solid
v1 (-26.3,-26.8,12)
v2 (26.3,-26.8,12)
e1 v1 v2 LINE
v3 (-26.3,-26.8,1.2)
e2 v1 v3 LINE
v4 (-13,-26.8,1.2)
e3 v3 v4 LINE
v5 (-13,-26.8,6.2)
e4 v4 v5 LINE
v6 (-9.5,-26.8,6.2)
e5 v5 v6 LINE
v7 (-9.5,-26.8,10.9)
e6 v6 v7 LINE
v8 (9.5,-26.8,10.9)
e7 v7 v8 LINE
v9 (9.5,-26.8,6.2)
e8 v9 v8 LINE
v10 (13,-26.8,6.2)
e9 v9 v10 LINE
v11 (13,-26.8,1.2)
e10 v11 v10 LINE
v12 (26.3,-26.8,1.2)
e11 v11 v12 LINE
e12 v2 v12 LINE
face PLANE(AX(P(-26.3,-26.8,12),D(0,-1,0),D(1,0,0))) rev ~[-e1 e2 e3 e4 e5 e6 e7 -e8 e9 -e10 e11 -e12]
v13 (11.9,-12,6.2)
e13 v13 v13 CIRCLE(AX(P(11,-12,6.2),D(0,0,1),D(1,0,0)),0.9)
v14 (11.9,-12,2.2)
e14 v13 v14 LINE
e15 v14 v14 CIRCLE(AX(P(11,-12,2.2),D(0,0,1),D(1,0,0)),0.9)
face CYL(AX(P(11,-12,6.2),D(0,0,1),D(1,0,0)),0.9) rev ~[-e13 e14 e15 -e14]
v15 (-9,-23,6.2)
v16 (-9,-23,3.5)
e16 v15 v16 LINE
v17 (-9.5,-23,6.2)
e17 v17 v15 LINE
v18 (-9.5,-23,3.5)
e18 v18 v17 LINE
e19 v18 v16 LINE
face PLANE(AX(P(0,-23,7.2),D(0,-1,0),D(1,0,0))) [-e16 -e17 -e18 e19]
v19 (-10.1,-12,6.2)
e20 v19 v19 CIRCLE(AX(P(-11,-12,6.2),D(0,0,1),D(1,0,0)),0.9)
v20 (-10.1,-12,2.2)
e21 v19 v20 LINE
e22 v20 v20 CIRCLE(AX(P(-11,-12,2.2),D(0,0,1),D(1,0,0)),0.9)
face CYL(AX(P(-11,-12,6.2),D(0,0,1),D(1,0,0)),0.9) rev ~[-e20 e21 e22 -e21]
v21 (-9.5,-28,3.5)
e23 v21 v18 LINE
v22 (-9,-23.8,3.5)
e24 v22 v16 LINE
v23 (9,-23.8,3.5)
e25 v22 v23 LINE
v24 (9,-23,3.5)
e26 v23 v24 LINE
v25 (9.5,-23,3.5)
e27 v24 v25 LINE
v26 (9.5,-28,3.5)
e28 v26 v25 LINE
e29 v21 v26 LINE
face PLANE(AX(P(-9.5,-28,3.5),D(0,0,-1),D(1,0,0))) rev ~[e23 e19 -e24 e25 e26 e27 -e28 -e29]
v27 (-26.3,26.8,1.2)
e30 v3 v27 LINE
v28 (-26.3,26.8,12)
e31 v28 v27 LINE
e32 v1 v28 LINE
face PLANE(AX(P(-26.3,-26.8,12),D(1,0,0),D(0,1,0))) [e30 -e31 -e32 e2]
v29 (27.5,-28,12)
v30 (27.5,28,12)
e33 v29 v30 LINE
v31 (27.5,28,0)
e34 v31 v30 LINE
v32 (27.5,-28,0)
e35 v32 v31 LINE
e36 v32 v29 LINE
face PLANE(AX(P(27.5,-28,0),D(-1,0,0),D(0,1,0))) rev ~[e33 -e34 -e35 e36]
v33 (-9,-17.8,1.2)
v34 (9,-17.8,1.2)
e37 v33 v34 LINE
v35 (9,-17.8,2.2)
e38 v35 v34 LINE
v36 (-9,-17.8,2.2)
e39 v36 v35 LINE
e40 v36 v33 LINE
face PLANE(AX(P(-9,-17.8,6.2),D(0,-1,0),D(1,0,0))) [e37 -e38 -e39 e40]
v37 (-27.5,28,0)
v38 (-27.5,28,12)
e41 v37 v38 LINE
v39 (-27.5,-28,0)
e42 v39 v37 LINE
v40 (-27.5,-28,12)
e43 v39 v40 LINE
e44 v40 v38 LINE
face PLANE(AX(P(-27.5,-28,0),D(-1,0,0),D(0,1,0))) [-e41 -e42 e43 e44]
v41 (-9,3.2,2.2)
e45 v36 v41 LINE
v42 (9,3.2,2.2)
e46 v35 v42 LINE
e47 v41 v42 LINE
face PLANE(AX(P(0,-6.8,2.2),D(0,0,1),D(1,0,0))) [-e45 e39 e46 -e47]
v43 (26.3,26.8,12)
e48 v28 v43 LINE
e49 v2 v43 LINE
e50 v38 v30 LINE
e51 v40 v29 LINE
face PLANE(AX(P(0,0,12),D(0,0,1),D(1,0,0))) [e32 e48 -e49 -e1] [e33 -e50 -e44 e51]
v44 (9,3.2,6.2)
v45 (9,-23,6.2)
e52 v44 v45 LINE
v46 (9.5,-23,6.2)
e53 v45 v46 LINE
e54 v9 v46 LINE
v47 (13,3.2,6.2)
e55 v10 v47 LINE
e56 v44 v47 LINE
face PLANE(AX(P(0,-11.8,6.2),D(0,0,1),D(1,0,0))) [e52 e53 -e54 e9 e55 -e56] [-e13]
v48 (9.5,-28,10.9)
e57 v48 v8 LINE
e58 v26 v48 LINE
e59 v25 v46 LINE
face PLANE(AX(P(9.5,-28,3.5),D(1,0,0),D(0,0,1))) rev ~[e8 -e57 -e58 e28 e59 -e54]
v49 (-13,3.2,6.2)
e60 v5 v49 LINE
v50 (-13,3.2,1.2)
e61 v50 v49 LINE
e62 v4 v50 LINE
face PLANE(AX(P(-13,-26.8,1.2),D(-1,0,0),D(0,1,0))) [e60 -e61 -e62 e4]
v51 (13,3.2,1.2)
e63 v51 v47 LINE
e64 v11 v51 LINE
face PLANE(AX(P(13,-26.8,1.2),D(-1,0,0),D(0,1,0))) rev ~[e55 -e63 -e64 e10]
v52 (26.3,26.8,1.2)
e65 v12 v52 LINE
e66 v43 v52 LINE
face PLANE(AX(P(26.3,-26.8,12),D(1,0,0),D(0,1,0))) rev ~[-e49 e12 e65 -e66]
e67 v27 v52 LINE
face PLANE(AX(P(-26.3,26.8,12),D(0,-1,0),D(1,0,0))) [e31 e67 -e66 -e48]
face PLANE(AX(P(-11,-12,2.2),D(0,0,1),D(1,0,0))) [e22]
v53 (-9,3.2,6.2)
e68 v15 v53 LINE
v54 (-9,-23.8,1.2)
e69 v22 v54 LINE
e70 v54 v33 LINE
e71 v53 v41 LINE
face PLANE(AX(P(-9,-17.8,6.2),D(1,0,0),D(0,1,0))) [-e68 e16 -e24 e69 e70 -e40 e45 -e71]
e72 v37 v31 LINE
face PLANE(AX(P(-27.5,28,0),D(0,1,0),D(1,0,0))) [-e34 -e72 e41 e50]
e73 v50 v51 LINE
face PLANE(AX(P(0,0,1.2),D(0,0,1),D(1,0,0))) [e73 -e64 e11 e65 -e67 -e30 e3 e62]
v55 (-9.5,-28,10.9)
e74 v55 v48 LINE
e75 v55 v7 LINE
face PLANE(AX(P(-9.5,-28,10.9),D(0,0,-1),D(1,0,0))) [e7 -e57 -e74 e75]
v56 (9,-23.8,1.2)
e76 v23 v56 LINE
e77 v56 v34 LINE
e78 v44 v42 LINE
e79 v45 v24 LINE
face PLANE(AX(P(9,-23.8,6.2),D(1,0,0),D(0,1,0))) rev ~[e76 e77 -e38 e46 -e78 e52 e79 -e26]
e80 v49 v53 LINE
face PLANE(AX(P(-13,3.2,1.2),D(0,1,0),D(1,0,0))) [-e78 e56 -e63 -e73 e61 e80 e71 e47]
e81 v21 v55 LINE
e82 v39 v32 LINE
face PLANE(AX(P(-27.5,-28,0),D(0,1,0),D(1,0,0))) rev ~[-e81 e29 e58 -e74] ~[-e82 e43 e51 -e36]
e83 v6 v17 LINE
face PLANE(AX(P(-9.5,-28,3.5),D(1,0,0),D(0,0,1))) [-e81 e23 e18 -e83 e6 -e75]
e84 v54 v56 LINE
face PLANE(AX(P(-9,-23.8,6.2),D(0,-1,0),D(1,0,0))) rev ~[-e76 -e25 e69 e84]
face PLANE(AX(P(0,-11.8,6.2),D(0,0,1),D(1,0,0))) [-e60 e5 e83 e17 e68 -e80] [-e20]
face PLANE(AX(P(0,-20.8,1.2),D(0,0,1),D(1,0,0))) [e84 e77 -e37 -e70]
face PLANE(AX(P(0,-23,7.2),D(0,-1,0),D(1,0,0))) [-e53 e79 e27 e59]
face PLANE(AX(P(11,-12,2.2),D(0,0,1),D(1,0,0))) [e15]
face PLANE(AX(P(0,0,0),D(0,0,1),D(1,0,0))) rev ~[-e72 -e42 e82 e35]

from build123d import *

# Parameters (mm, degrees)
SKETCH_W        = 55
SKETCH_H        = 56
PAD_DEPTH       = 12
SKETCH012_W     = 52.6
SKETCH012_H     = 53.6
POCKET_DEPTH    = 10.8
SKETCH013_W     = 26
SKETCH013_H     = 30
PAD010_DEPTH    = 5
SKETCH014_W     = 18
SKETCH014_H     = 6
POCKET001_DEPTH = 5
SKETCH015_W     = 18
SKETCH015_H     = 22
POCKET002_DEPTH = 4
SKETCH016_W     = 19
SKETCH016_H     = 7.4
POCKET003_DEPTH = 5
SKETCH017_R     = 0.9
POCKET004_DEPTH = 4


with BuildPart() as part:
    # Sketch → Pad (new body)
    with BuildSketch(Plane.XY):
        Rectangle(SKETCH_W, SKETCH_H)
    extrude(amount=PAD_DEPTH)

    # Sketch012 (on Face6 of Pad) → Pocket (cut)
    with BuildSketch(Plane.XY.offset(12)):
        Rectangle(SKETCH012_W, SKETCH012_H)
    extrude(amount=-POCKET_DEPTH, mode=Mode.SUBTRACT)

    # Sketch013 (on Face11 of Pocket) → Pad010 (join)
    with BuildSketch(Plane.XY.offset(1.2)):
        with Locations((0, -11.8)):
            Rectangle(SKETCH013_W, SKETCH013_H)
    extrude(amount=PAD010_DEPTH)

    # Sketch014 (on Face13 of Pad010) → Pocket001 (cut)
    with BuildSketch(Plane.XY.offset(6.2)):
        with Locations((0, -20.8)):
            Rectangle(SKETCH014_W, SKETCH014_H)
    extrude(amount=-POCKET001_DEPTH, mode=Mode.SUBTRACT)

    # Sketch015 (on Face13 of Pocket001) → Pocket002 (cut)
    with BuildSketch(Plane.XY.offset(6.2)):
        with Locations((0, -6.8)):
            Rectangle(SKETCH015_W, SKETCH015_H)
    extrude(amount=-POCKET002_DEPTH, mode=Mode.SUBTRACT)

    # Sketch016 (on Face6 of Pocket002) → Pocket003 (cut)
    with BuildSketch(Plane.XZ.offset(28)):
        with Locations((0, 7.2)):
            Rectangle(SKETCH016_W, SKETCH016_H)
    extrude(amount=-POCKET003_DEPTH, mode=Mode.SUBTRACT)

    # Sketch017 (on DatumPlane) → Pocket004 (cut)
    with BuildSketch(Plane.XY.offset(6.2)):
        with Locations((-11, -12)):
            Circle(SKETCH017_R)
        with Locations((11, -12)):
            Circle(SKETCH017_R)
    extrude(amount=-POCKET004_DEPTH, mode=Mode.SUBTRACT)


solid = part.part
